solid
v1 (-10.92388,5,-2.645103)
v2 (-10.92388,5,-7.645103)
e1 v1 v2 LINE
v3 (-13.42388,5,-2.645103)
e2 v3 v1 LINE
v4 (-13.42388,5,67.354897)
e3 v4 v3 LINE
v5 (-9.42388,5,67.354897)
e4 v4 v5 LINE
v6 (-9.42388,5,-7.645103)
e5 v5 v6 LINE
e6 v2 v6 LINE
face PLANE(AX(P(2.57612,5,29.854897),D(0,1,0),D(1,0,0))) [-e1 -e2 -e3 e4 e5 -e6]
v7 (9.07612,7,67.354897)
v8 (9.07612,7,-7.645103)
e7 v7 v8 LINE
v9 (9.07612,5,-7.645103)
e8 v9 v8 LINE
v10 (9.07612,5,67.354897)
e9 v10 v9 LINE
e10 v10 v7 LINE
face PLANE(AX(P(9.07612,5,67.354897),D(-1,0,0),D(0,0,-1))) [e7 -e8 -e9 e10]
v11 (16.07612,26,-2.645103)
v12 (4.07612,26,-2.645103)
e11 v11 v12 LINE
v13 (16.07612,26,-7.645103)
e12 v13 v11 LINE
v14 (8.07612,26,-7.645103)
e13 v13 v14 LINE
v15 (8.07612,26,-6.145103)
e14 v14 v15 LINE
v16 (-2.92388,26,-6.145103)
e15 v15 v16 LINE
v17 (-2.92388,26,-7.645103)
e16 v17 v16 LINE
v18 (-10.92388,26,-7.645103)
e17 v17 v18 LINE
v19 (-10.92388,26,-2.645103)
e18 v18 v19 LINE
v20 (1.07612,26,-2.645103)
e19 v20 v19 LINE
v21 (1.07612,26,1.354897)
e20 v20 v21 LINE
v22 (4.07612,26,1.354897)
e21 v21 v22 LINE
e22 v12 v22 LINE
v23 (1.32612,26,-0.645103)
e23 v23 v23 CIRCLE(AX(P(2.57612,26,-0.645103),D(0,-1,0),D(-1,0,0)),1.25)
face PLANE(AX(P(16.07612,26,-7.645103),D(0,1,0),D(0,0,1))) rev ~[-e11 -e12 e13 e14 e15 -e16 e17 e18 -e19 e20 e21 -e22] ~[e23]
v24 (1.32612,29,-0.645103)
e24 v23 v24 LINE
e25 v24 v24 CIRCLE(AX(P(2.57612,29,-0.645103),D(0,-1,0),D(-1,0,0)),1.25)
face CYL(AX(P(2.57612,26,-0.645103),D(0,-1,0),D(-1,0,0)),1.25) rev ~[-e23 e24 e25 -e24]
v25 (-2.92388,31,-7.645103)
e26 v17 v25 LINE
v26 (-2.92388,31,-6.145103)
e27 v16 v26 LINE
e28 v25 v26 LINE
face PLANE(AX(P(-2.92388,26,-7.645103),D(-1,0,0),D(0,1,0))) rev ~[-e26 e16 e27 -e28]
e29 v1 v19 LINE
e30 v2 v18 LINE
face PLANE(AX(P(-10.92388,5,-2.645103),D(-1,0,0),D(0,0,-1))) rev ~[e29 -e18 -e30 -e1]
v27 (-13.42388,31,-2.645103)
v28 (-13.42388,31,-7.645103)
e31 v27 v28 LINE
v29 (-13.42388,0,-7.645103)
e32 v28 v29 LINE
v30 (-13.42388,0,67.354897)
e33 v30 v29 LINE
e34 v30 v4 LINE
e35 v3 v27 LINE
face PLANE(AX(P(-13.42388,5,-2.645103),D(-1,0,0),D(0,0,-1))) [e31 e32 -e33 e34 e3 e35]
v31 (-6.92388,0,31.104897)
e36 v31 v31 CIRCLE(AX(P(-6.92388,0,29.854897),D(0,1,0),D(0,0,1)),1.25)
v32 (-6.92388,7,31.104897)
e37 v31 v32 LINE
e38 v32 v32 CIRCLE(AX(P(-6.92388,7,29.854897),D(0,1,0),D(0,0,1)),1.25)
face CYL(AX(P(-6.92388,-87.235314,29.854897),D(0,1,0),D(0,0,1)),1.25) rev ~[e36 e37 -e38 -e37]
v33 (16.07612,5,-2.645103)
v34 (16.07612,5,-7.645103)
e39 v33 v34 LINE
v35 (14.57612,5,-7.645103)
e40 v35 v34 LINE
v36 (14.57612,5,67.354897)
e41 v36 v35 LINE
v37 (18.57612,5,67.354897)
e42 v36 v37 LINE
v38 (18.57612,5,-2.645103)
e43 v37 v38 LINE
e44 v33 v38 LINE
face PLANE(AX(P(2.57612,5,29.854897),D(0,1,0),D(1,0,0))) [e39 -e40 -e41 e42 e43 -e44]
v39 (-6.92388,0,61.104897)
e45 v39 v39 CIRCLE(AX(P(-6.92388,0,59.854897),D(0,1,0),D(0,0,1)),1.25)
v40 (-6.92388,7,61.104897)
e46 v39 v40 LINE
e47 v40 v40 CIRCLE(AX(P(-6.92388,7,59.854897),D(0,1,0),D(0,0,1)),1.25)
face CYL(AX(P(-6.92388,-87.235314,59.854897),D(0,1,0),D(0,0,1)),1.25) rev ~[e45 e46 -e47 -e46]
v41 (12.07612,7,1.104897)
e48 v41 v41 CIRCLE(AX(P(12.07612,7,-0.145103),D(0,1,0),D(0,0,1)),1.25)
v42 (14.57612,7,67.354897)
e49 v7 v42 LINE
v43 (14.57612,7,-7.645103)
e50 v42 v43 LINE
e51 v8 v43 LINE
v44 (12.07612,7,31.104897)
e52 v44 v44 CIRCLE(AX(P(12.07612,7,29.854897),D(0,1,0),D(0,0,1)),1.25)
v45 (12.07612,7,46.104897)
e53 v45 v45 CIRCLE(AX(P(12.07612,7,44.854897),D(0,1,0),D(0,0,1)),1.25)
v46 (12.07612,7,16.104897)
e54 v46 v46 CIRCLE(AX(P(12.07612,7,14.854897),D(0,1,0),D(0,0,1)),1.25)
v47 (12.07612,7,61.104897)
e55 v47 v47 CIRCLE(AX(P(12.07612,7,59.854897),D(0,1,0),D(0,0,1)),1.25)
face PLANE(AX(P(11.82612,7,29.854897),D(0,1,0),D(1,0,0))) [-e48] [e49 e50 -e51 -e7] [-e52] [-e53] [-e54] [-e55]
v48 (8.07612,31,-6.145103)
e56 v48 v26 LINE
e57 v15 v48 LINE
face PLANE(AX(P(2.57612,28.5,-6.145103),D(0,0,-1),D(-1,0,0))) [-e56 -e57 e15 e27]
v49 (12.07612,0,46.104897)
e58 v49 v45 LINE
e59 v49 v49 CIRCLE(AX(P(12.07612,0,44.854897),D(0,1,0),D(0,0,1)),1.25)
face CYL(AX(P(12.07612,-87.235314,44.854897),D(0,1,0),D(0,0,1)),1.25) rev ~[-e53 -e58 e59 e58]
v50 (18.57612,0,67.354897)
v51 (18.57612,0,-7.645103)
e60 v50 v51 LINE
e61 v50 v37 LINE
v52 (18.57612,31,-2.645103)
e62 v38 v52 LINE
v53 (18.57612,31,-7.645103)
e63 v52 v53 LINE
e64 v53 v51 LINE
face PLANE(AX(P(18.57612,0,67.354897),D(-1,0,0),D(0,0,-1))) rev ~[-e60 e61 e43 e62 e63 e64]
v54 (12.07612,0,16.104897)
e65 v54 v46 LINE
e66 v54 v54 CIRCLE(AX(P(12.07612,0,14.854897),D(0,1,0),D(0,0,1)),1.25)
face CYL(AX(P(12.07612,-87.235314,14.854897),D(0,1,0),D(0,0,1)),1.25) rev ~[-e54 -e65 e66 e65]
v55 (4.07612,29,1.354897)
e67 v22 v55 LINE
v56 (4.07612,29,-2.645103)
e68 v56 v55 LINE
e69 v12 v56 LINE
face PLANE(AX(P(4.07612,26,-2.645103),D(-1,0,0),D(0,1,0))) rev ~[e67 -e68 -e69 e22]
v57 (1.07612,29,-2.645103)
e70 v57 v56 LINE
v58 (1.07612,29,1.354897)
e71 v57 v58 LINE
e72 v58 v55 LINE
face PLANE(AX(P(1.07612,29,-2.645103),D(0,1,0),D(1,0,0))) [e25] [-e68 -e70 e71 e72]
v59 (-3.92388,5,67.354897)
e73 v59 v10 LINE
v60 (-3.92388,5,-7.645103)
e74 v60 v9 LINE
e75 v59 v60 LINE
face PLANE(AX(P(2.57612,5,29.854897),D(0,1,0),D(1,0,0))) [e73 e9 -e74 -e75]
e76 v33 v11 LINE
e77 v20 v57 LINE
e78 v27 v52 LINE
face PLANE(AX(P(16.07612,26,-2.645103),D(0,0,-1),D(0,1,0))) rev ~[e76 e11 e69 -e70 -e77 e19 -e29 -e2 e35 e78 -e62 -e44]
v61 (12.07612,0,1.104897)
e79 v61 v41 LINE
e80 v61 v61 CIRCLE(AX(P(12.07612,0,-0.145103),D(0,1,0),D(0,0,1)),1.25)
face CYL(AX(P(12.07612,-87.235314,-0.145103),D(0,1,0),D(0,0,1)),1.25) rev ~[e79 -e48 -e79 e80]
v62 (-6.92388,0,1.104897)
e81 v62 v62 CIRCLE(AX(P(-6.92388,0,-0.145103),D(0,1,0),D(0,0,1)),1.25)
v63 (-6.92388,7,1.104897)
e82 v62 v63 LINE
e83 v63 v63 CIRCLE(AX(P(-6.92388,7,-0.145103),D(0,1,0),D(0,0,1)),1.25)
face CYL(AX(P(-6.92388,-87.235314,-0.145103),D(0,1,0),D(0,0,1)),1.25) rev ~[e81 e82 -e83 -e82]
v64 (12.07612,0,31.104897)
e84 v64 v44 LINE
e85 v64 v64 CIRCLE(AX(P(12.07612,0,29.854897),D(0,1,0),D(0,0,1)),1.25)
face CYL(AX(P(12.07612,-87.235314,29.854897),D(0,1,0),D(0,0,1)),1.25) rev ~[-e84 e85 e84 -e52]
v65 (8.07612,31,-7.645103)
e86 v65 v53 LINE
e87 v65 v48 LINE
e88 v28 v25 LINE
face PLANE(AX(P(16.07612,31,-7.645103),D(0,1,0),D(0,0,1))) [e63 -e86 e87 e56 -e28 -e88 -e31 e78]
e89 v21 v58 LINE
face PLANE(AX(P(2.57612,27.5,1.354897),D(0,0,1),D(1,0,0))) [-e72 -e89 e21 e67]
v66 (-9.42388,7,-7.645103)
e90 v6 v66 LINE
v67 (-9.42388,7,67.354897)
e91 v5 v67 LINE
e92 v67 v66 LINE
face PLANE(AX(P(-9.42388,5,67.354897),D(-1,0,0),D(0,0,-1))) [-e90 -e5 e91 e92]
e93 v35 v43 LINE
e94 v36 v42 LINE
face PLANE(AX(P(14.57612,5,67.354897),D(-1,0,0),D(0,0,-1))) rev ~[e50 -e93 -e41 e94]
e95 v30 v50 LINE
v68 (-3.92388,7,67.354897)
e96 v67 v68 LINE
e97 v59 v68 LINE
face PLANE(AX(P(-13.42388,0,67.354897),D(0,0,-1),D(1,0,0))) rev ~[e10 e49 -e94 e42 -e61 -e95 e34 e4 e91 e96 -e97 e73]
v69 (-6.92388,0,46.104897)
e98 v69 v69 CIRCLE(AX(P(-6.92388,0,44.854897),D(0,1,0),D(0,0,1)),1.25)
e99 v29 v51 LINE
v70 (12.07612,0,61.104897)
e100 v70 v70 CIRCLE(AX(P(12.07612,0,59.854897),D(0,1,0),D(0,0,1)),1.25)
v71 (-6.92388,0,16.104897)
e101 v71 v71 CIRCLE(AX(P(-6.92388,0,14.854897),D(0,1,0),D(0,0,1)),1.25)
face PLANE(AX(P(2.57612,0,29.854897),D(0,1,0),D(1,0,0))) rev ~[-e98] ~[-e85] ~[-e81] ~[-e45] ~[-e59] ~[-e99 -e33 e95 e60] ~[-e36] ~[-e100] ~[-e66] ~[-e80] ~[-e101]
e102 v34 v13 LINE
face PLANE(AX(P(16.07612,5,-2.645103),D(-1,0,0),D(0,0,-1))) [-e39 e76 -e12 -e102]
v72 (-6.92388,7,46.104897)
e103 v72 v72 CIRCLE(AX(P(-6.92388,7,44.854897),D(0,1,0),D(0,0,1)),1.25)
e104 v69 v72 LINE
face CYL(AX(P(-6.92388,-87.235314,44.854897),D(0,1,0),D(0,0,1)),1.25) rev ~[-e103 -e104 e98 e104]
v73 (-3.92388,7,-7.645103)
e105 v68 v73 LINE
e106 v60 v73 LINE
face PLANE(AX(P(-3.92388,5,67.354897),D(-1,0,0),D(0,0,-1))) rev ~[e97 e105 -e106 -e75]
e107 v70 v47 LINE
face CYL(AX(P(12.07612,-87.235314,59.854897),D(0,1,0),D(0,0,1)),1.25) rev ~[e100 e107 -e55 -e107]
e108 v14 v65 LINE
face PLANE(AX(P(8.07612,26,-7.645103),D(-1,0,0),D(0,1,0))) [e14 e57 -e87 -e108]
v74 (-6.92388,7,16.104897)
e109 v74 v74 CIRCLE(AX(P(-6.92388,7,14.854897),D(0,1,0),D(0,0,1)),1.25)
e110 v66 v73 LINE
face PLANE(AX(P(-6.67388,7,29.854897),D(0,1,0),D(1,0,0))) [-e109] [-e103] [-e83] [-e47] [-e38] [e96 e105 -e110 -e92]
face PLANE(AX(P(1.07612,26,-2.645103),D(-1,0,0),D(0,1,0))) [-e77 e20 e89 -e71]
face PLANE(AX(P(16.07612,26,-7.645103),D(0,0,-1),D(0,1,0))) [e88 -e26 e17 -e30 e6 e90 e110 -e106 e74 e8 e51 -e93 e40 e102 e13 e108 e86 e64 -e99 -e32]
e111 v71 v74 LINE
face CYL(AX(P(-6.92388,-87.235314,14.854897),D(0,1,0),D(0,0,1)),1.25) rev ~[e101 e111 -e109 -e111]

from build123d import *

# Parameters (mm, degrees)
SKETCH1_W                   = 32
SKETCH1_H                   = 75
BOSS_EXTRUDE1_DEPTH         = 5
SKETCH5_W                   = 2.5
SKETCH5_H                   = 5
BOSS_EXTRUDE2_DEPTH         = 26
SKETCH7_W                   = 5
SKETCH7_H                   = 5
BOSS_EXTRUDE3_DEPTH         = 27
SKETCH8_W                   = 11
SKETCH8_H                   = 5
CUT_EXTRUDE1_DEPTH          = 1.5
SKETCH9_W                   = 3
SKETCH9_H                   = 3
BOSS_EXTRUDE4_DEPTH         = 4
SKETCH10_R                  = 1.25
CUT_EXTRUDE2_DEPTH          = 3
SKETCH11_W                  = 5.5
SKETCH11_H                  = 75
BOSS_EXTRUDE5_DEPTH         = 2
TAP_DRILL_FOR_M3X0_5_TAP1_D = 2.5


with BuildPart() as part:
    # Sketch1 → Boss-Extrude1 (new body)
    with BuildSketch(Plane(origin=(0, 0, 0), x_dir=(1, 0, 0), z_dir=(0, 1, 0))):
        with Locations((2.576120431, -29.854896849)):
            Rectangle(SKETCH1_W, SKETCH1_H)
    extrude(amount=BOSS_EXTRUDE1_DEPTH)

    # Sketch5 → Boss-Extrude2 (add)
    with BuildSketch(Plane(origin=(0, 5, 0), x_dir=(1, 0, 0), z_dir=(0, 1, 0))):
        with Locations((-12.173879569, 5.145103151)):
            Rectangle(SKETCH5_W, SKETCH5_H)
        with Locations((17.326120431, 5.145103151)):
            Rectangle(SKETCH5_W, SKETCH5_H)
    extrude(amount=BOSS_EXTRUDE2_DEPTH)

    # Sketch7 → Boss-Extrude3 (add)
    with BuildSketch(Plane.ZY.offset(-16.076120431)):
        with Locations((-5.145103151, 28.5)):
            Rectangle(SKETCH7_W, SKETCH7_H)
    extrude(amount=BOSS_EXTRUDE3_DEPTH)

    # Sketch8 → Cut-Extrude1 (cut)
    with BuildSketch(Plane(origin=(0, 0, -7.645103151), x_dir=(-1, 0, 0), z_dir=(0, 0, -1))):
        with Locations((-2.576120431, 28.5)):
            Rectangle(SKETCH8_W, SKETCH8_H)
    extrude(amount=-CUT_EXTRUDE1_DEPTH, mode=Mode.SUBTRACT)

    # Sketch9 → Boss-Extrude4 (add)
    with BuildSketch(Plane.XY.offset(-2.645103151)):
        with Locations((2.576120431, 27.5)):
            Rectangle(SKETCH9_W, SKETCH9_H)
    extrude(amount=BOSS_EXTRUDE4_DEPTH)

    # Sketch10 → Cut-Extrude2 (cut)
    with BuildSketch(Plane(origin=(0, 26, 0), x_dir=(-1, 0, 0), z_dir=(0, -1, 0))):
        with Locations((-2.576120431, 0.645103151)):
            Circle(SKETCH10_R)
    extrude(amount=-CUT_EXTRUDE2_DEPTH, mode=Mode.SUBTRACT)

    # Sketch11 → Boss-Extrude5 (add)
    with BuildSketch(Plane(origin=(0, 5, 0), x_dir=(1, 0, 0), z_dir=(0, 1, 0))):
        with Locations((-6.673879569, -29.854896849)):
            Rectangle(SKETCH11_W, SKETCH11_H)
        with Locations((11.826120431, -29.854896849)):
            Rectangle(SKETCH11_W, SKETCH11_H)
    extrude(amount=BOSS_EXTRUDE5_DEPTH)

    # Tap Drill for M3x0.5 Tap1 (through all)
    with Locations(Plane(origin=(12.076120431, 0, 59.854896849), x_dir=(0, 0, -1), z_dir=(0, -1, 0))):
        with Locations((0, 0), (15, 0), (30, 0), (45, 0), (60, 0), (0, -19), (15, -19), (30, -19), (45, -19), (60, -19)):
            Hole(TAP_DRILL_FOR_M3X0_5_TAP1_D / 2)


solid = part.part
